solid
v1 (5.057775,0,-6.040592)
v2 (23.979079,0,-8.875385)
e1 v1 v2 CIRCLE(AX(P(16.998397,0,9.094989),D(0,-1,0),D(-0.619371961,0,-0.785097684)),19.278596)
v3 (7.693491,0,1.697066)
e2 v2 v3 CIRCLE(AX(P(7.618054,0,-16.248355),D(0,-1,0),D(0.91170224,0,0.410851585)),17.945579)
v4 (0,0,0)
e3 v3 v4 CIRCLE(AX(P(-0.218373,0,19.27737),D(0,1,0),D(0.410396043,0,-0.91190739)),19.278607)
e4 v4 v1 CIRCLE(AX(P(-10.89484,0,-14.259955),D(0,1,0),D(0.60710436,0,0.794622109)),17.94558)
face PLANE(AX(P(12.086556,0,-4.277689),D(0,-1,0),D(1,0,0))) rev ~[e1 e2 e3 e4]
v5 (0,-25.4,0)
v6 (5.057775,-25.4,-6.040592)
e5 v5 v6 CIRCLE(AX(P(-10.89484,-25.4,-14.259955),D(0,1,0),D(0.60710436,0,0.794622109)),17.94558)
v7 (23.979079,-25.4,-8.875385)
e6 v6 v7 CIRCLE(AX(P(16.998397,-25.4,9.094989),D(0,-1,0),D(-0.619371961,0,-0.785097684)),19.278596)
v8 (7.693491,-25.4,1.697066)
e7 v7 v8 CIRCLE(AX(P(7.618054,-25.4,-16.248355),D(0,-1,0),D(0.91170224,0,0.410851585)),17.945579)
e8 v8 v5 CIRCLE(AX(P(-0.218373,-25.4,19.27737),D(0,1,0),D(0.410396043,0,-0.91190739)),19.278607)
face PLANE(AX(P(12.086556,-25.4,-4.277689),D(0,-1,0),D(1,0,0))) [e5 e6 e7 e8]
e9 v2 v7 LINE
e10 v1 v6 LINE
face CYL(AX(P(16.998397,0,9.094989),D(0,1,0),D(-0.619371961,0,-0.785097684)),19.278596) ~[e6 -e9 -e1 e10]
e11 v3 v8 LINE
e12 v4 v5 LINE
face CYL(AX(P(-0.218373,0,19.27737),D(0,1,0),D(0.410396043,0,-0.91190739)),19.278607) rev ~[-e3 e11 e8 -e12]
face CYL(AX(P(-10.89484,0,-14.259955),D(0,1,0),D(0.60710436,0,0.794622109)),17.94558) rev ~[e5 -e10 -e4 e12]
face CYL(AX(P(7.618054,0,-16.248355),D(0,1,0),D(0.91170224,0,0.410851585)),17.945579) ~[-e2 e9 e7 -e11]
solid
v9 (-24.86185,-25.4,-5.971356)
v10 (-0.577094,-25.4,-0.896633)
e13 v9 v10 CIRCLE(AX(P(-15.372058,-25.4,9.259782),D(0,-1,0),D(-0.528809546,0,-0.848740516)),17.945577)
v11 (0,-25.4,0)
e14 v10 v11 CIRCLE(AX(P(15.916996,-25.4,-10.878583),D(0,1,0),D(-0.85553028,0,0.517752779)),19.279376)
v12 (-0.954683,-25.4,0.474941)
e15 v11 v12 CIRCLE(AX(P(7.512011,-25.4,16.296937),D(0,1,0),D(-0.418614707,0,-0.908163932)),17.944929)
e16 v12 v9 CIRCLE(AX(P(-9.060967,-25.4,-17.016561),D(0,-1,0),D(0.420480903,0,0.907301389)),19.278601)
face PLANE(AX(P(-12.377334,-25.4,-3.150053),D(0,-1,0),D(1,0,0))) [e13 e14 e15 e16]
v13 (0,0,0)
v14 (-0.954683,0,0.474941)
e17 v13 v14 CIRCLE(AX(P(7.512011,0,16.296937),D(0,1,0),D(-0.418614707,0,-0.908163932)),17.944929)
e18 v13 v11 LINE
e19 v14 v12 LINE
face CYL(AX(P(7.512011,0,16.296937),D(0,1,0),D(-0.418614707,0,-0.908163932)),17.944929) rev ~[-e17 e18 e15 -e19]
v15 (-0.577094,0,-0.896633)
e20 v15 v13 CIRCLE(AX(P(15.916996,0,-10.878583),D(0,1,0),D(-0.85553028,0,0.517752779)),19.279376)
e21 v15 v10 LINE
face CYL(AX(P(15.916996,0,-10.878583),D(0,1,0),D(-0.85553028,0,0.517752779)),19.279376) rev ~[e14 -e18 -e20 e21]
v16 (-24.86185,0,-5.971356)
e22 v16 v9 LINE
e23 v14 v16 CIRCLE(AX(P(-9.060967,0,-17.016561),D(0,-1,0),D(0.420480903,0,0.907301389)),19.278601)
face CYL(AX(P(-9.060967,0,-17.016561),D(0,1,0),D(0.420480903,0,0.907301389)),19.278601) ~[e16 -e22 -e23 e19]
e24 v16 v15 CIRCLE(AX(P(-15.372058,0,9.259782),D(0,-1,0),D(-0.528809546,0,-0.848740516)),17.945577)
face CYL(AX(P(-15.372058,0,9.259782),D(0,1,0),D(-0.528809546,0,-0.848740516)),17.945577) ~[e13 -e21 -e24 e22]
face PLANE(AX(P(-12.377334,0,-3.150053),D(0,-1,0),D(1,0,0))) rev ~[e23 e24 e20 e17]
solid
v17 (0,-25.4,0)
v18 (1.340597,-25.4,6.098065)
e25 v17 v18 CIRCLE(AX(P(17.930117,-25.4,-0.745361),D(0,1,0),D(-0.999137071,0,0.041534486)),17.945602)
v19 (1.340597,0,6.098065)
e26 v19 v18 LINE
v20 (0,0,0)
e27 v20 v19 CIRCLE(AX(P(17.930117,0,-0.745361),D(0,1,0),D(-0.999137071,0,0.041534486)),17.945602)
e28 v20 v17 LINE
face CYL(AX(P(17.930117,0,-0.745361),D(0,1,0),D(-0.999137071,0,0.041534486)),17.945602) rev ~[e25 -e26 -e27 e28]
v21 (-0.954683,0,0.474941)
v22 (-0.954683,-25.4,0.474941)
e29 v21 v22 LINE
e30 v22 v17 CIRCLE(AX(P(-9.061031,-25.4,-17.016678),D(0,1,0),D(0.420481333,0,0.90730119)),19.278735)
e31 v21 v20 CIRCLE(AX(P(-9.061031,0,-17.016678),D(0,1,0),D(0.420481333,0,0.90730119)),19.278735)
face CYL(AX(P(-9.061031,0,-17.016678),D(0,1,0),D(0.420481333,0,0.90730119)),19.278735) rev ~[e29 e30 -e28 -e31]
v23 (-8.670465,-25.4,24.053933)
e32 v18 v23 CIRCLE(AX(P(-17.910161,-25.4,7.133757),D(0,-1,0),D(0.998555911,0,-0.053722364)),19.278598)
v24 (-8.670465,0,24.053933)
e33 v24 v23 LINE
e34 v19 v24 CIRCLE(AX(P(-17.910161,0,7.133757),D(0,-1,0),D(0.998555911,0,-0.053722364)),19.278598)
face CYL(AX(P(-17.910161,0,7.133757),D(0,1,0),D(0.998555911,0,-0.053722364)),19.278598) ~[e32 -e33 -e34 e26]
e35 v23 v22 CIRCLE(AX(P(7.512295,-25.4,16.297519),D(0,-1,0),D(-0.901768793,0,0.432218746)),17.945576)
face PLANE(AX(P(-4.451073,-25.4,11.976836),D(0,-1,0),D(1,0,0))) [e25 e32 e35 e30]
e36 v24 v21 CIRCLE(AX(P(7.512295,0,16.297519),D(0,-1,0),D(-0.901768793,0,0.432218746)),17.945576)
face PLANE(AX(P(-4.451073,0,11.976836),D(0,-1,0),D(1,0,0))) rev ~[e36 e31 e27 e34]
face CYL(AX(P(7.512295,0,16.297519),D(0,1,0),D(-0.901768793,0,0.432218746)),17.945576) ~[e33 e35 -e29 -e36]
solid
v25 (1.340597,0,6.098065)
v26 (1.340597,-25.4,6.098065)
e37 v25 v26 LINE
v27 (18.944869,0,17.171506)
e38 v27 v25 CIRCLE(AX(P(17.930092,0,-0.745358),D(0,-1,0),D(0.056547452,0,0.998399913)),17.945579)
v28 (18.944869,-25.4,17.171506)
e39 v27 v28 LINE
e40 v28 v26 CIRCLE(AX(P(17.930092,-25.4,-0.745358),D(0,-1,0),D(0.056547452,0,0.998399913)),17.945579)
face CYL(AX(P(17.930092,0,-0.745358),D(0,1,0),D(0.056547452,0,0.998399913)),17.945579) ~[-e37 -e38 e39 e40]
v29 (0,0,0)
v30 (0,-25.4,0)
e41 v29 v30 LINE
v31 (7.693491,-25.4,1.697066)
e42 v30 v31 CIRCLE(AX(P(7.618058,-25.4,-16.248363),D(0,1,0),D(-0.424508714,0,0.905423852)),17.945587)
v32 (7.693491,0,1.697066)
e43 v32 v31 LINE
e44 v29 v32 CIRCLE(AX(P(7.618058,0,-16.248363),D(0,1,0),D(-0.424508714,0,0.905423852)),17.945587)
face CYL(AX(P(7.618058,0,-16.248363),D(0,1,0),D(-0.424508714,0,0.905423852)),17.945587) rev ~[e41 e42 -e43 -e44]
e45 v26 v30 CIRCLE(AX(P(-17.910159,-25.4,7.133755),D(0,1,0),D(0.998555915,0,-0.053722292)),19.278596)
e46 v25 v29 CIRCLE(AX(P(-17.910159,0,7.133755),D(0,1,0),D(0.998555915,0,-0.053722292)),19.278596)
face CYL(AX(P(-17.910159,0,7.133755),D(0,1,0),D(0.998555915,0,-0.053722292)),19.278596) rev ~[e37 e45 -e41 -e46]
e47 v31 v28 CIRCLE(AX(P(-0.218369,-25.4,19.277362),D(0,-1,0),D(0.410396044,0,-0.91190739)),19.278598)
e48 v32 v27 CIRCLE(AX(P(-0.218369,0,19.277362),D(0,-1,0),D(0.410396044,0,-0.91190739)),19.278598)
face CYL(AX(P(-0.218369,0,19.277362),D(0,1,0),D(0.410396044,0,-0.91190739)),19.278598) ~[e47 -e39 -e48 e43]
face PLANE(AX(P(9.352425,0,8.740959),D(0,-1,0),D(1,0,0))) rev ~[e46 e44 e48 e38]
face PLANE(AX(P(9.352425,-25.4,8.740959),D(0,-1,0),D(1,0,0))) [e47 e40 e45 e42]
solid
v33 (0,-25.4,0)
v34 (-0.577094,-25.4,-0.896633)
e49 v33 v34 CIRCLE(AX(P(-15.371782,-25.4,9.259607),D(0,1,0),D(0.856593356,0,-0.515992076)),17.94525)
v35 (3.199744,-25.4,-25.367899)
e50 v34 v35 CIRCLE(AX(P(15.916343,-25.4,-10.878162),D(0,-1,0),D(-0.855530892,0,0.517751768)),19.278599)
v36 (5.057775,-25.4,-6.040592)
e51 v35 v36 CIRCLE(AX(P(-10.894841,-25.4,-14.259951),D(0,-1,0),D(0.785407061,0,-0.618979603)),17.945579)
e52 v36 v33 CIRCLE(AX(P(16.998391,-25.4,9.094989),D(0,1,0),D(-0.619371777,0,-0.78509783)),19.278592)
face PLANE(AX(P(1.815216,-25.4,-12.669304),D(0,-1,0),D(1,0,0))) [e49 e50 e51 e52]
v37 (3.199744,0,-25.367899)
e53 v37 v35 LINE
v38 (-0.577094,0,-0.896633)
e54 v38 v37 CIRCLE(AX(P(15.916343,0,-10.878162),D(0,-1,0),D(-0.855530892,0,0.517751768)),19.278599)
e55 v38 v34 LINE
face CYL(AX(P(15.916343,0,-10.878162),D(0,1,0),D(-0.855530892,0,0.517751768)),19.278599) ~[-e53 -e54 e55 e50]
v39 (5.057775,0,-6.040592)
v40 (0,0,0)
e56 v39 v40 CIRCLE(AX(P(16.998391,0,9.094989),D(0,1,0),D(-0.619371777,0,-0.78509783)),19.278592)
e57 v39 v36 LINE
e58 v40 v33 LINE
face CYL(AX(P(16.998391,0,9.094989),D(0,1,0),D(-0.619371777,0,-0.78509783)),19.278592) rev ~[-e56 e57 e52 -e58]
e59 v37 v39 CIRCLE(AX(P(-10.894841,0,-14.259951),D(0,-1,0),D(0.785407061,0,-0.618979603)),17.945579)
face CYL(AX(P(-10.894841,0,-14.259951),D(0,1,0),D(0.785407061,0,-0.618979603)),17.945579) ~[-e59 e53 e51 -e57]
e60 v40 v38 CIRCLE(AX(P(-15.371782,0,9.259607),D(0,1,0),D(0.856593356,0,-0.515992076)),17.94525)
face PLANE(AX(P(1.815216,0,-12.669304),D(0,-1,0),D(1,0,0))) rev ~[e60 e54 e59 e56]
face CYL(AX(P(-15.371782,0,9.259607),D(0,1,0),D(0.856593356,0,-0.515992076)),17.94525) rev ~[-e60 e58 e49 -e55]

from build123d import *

# Parameters (mm, degrees)
F1_DEPTH = 25.4


with BuildPart() as f1:
    # F0 (on Front) → F1 (new body)
    with BuildSketch(Plane.XZ):
        with BuildLine():
            ThreePointArc((7.693491, 1.697066), (15.374251, 7.940055), (18.944869, 17.171506))
            ThreePointArc((18.944869, 17.171506), (8.375081, 14.444953), (1.340597, 6.098065))
            ThreePointArc((1.340597, 6.098065), (0.918808, 2.9944), (0, 0))
            ThreePointArc((0, 0), (3.752465, 1.275943), (7.693491, 1.697066))
        make_face()
        with BuildLine():
            ThreePointArc((23.979079, -8.875385), (17.38962, -1.196434), (7.693491, 1.697066))
            ThreePointArc((7.693491, 1.697066), (3.934361, 0.451338), (0, 0))
            ThreePointArc((0, 0), (2.864471, -2.739312), (5.057775, -6.040592))
            ThreePointArc((5.057775, -6.040592), (14.141954, -9.970818), (23.979079, -8.875385))
        make_face()
        with BuildLine():
            ThreePointArc((5.057775, -6.040592), (2.217027, -3.281416), (0, 0))
            ThreePointArc((0, 0), (-0.281886, -0.452604), (-0.577094, -0.896633))
            ThreePointArc((-0.577094, -0.896633), (-3.136669, -13.818759), (3.199744, -25.367899))
            ThreePointArc((3.199744, -25.367899), (6.968383, -15.977233), (5.057775, -6.040592))
        make_face()
        with BuildLine():
            ThreePointArc((-0.577094, -0.896633), (-0.294747, -0.444326), (0, 0))
            ThreePointArc((0, 0), (-0.48087, 0.230378), (-0.954683, 0.474941))
            ThreePointArc((-0.954683, 0.474941), (-14.079971, 1.597253), (-24.86185, -5.971356))
            ThreePointArc((-24.86185, -5.971356), (-11.701307, -8.306359), (-0.577094, -0.896633))
        make_face()
        with BuildLine():
            ThreePointArc((0, 0), (0.403054, 3.107783), (1.340597, 6.098065))
            ThreePointArc((1.340597, 6.098065), (-1.071818, 16.521757), (-8.670465, 24.053933))
            ThreePointArc((-8.670465, 24.053933), (-9.543338, 10.716384), (-0.954683, 0.474941))
            ThreePointArc((-0.954683, 0.474941), (-0.474057, 0.244072), (0, 0))
        make_face()
    extrude(amount=F1_DEPTH)


solid = f1.part
